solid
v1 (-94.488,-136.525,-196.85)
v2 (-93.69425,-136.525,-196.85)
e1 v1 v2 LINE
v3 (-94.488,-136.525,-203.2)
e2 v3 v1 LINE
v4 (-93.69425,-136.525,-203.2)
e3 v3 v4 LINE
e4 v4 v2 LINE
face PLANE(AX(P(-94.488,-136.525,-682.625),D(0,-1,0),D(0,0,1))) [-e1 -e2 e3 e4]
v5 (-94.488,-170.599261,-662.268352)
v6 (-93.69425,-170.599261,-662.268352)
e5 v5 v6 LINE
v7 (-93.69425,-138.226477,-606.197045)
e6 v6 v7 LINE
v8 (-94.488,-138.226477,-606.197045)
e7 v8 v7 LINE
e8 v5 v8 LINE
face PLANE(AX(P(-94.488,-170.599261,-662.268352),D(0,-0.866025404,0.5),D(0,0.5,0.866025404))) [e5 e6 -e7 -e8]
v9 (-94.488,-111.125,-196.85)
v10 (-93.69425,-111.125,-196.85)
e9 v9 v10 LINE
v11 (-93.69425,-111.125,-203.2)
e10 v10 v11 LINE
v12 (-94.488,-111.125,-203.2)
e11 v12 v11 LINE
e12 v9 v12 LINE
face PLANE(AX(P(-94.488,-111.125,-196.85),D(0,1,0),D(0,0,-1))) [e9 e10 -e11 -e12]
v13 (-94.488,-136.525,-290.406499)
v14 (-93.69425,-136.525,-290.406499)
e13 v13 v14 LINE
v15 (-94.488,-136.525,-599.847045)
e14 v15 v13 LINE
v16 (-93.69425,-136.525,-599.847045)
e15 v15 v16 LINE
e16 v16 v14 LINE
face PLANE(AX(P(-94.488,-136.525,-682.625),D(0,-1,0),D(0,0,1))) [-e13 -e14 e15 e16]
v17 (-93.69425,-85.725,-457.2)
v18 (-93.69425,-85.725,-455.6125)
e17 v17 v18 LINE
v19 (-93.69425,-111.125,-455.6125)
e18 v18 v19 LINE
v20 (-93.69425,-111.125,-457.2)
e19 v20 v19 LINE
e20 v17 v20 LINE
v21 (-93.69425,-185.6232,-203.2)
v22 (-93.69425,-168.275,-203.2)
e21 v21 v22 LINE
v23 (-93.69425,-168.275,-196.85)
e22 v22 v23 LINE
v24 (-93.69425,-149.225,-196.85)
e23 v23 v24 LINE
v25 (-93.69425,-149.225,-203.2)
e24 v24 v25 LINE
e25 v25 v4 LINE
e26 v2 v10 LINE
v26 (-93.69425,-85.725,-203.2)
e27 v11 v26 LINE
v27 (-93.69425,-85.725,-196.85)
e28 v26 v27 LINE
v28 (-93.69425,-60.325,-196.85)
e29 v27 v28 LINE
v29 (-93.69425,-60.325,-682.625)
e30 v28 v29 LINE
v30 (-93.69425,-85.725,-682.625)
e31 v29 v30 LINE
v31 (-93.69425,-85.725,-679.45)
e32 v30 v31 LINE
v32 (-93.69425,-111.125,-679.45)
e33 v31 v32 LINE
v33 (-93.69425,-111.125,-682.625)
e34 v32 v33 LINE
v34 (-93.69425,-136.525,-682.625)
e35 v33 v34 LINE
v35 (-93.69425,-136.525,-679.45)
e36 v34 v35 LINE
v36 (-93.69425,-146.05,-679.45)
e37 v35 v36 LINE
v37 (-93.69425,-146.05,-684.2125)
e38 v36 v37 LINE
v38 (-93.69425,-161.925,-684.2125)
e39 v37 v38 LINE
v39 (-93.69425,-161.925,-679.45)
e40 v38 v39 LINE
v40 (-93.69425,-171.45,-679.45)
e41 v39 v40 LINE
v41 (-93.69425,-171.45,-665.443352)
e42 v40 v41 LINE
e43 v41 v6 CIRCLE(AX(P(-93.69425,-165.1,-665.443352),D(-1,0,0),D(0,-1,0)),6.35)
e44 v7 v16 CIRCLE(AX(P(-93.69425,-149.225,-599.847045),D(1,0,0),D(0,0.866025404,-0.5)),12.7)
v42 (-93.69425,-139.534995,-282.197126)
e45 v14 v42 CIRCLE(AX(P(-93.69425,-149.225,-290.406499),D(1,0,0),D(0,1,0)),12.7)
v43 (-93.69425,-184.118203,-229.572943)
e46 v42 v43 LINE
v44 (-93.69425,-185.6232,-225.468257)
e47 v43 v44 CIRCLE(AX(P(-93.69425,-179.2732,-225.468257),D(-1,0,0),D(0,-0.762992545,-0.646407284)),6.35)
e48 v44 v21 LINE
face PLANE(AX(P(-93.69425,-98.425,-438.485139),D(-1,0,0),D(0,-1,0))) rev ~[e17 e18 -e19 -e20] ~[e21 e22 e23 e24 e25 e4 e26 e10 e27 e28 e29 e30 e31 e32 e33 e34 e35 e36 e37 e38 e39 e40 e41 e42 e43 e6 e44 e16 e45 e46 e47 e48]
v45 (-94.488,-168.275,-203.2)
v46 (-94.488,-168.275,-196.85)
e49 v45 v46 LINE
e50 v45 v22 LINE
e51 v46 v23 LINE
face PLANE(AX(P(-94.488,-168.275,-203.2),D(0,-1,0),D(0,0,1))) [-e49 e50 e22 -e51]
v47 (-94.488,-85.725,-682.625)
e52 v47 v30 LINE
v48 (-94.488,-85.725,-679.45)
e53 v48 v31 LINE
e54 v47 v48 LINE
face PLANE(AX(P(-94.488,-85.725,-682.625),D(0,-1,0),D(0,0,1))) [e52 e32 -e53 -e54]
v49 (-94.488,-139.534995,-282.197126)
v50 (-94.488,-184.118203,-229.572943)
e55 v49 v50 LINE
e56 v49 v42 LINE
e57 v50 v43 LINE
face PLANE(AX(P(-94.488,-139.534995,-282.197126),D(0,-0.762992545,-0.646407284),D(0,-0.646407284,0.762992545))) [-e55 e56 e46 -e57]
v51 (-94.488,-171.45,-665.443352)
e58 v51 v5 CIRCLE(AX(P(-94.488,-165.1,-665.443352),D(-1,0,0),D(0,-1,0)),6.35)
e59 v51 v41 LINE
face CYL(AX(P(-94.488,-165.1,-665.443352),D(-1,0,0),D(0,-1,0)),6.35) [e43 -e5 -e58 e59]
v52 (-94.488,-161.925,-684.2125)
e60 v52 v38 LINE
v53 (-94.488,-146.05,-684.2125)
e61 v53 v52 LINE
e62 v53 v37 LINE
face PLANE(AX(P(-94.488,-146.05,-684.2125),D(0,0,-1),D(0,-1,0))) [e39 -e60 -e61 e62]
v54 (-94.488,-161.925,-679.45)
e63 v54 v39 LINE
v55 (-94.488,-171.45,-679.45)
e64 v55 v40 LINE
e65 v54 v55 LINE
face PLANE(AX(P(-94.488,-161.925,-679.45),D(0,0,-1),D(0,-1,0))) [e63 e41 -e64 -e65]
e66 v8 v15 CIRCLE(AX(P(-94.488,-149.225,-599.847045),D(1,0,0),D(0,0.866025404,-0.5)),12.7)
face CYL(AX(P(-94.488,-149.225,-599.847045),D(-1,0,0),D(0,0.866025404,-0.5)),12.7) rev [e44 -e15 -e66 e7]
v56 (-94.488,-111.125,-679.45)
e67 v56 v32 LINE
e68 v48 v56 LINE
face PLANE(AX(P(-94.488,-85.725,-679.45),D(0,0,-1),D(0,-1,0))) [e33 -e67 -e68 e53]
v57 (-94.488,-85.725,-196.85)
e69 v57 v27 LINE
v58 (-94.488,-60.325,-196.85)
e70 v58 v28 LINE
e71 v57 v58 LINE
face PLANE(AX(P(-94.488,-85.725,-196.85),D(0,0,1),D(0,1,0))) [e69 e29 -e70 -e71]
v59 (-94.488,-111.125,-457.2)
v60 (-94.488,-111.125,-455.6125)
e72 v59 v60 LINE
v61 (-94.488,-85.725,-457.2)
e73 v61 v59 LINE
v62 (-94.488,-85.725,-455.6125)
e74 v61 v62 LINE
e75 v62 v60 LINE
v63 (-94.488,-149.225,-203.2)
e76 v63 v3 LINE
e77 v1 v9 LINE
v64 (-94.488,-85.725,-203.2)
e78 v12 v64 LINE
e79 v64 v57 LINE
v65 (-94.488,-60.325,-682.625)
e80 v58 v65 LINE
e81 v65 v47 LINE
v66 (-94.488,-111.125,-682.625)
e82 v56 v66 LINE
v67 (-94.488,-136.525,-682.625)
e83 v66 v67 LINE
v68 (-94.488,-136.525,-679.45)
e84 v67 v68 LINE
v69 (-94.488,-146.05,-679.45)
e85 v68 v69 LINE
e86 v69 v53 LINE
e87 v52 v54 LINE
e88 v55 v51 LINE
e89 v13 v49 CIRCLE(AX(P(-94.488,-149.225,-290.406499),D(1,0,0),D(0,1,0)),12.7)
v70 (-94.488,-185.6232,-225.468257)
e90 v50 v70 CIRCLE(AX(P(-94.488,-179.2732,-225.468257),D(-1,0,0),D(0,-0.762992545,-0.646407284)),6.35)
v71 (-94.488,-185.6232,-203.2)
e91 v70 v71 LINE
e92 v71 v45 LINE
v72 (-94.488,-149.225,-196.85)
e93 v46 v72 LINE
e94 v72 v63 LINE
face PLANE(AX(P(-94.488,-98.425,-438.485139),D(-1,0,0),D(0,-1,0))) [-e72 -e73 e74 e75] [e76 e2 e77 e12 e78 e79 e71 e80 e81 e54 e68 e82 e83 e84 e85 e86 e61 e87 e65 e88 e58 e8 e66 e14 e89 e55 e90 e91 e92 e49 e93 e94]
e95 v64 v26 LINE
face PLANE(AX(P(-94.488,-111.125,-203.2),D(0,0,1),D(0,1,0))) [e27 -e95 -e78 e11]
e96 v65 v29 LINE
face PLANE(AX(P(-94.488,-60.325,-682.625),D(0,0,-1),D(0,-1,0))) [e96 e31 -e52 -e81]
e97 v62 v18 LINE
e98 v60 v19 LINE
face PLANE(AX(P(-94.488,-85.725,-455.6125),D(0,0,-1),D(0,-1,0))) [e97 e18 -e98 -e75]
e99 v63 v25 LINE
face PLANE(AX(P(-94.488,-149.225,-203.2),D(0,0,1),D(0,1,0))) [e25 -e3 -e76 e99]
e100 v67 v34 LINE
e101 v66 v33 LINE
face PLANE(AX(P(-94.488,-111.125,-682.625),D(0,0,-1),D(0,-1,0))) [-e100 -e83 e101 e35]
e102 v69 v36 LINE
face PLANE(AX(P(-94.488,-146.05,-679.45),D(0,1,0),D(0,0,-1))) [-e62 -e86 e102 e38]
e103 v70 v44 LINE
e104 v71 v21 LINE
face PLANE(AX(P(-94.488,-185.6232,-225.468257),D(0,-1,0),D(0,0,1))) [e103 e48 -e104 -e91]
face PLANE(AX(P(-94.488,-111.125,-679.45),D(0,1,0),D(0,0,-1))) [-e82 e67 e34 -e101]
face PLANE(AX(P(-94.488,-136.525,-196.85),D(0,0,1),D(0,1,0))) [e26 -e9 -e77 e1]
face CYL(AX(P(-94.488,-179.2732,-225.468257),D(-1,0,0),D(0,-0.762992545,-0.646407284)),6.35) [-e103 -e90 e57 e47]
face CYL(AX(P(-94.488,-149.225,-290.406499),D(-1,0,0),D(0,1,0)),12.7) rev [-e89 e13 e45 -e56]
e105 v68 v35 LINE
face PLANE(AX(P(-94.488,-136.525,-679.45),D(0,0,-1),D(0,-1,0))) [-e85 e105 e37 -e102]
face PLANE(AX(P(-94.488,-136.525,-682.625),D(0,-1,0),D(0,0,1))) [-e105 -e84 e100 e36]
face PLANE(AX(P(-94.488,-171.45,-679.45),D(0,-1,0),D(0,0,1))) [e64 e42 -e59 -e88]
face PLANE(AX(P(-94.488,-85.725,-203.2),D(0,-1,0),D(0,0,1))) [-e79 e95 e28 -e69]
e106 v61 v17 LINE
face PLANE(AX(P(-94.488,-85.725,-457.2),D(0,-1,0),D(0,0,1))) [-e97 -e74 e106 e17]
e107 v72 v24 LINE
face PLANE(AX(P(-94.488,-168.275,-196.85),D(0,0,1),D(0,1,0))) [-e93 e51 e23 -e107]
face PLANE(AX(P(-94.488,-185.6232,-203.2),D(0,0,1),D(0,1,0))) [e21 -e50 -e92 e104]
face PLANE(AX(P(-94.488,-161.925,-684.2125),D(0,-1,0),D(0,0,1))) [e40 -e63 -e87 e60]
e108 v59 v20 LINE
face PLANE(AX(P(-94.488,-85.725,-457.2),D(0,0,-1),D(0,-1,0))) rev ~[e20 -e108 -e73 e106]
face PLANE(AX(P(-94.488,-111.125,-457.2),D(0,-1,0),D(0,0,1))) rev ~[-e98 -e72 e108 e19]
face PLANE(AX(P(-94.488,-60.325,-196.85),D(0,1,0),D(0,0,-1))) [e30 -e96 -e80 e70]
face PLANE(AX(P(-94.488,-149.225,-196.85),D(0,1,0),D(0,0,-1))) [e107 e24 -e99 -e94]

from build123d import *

# Parameters (mm, degrees)
SKETCH1_W           = 25.4
SKETCH1_H           = 1.5875
BOSS_EXTRUDE1_DEPTH = 0.79375


with BuildPart() as part:
    # Sketch1 → Boss-Extrude1 (new body)
    # profile 1 of 3: a face of its own
    with BuildSketch(Plane(origin=(-94.488, 0, 0), x_dir=(0, -1, 0), z_dir=(-1, 0, 0))):
        Polygon((136.525, -196.85), (111.125, -196.85), (111.125, -203.2), (85.725, -203.2), (85.725, -196.85), (60.325, -196.85), (60.325, -682.625), (85.725, -682.625), (85.725, -679.45), (111.125, -679.45), (111.125, -682.625), (136.525, -682.625), align=None)
        with Locations((98.425, -456.40625)):
            Rectangle(SKETCH1_W, SKETCH1_H, mode=Mode.SUBTRACT)
    # profile 2 of 3: a face of its own
    with BuildSketch(Plane(origin=(-94.488, 0, 0), x_dir=(0, -1, 0), z_dir=(-1, 0, 0))):
        with BuildLine():
            Line((149.225, -203.2), (136.525, -203.2))
            Line((136.525, -203.2), (136.525, -290.406498707))
            ThreePointArc((136.525, -290.406498707), (137.30121982, -286.034603668), (139.534994681, -282.197126202))
            Line((139.534994681, -282.197126202), (184.118202659, -229.57294303))
            ThreePointArc((184.118202659, -229.57294303), (185.23509009, -227.654204297), (185.6232, -225.468256778))
            Line((185.6232, -225.468256778), (185.6232, -203.2))
            Line((185.6232, -203.2), (168.275, -203.2))
            Line((168.275, -203.2), (168.275, -196.85))
            Line((168.275, -196.85), (149.225, -196.85))
            Line((149.225, -196.85), (149.225, -203.2))
        make_face()
    # profile 3 of 3: a face of its own
    with BuildSketch(Plane(origin=(-94.488, 0, 0), x_dir=(0, -1, 0), z_dir=(-1, 0, 0))):
        with BuildLine():
            ThreePointArc((138.226477372, -606.197045256), (136.957742006, -603.134047129), (136.525, -599.847045256))
            Line((136.525, -599.847045256), (136.525, -679.45))
            Line((136.525, -679.45), (146.05, -679.45))
            Line((146.05, -679.45), (146.05, -684.2125))
            Line((146.05, -684.2125), (161.925, -684.2125))
            Line((161.925, -684.2125), (161.925, -679.45))
            Line((161.925, -679.45), (171.45, -679.45))
            Line((171.45, -679.45), (171.45, -665.443351826))
            ThreePointArc((171.45, -665.443351826), (171.233628997, -663.79985089), (170.599261314, -662.268351826))
            Line((170.599261314, -662.268351826), (138.226477372, -606.197045256))
        make_face()
    extrude(amount=-BOSS_EXTRUDE1_DEPTH)


solid = part.part
